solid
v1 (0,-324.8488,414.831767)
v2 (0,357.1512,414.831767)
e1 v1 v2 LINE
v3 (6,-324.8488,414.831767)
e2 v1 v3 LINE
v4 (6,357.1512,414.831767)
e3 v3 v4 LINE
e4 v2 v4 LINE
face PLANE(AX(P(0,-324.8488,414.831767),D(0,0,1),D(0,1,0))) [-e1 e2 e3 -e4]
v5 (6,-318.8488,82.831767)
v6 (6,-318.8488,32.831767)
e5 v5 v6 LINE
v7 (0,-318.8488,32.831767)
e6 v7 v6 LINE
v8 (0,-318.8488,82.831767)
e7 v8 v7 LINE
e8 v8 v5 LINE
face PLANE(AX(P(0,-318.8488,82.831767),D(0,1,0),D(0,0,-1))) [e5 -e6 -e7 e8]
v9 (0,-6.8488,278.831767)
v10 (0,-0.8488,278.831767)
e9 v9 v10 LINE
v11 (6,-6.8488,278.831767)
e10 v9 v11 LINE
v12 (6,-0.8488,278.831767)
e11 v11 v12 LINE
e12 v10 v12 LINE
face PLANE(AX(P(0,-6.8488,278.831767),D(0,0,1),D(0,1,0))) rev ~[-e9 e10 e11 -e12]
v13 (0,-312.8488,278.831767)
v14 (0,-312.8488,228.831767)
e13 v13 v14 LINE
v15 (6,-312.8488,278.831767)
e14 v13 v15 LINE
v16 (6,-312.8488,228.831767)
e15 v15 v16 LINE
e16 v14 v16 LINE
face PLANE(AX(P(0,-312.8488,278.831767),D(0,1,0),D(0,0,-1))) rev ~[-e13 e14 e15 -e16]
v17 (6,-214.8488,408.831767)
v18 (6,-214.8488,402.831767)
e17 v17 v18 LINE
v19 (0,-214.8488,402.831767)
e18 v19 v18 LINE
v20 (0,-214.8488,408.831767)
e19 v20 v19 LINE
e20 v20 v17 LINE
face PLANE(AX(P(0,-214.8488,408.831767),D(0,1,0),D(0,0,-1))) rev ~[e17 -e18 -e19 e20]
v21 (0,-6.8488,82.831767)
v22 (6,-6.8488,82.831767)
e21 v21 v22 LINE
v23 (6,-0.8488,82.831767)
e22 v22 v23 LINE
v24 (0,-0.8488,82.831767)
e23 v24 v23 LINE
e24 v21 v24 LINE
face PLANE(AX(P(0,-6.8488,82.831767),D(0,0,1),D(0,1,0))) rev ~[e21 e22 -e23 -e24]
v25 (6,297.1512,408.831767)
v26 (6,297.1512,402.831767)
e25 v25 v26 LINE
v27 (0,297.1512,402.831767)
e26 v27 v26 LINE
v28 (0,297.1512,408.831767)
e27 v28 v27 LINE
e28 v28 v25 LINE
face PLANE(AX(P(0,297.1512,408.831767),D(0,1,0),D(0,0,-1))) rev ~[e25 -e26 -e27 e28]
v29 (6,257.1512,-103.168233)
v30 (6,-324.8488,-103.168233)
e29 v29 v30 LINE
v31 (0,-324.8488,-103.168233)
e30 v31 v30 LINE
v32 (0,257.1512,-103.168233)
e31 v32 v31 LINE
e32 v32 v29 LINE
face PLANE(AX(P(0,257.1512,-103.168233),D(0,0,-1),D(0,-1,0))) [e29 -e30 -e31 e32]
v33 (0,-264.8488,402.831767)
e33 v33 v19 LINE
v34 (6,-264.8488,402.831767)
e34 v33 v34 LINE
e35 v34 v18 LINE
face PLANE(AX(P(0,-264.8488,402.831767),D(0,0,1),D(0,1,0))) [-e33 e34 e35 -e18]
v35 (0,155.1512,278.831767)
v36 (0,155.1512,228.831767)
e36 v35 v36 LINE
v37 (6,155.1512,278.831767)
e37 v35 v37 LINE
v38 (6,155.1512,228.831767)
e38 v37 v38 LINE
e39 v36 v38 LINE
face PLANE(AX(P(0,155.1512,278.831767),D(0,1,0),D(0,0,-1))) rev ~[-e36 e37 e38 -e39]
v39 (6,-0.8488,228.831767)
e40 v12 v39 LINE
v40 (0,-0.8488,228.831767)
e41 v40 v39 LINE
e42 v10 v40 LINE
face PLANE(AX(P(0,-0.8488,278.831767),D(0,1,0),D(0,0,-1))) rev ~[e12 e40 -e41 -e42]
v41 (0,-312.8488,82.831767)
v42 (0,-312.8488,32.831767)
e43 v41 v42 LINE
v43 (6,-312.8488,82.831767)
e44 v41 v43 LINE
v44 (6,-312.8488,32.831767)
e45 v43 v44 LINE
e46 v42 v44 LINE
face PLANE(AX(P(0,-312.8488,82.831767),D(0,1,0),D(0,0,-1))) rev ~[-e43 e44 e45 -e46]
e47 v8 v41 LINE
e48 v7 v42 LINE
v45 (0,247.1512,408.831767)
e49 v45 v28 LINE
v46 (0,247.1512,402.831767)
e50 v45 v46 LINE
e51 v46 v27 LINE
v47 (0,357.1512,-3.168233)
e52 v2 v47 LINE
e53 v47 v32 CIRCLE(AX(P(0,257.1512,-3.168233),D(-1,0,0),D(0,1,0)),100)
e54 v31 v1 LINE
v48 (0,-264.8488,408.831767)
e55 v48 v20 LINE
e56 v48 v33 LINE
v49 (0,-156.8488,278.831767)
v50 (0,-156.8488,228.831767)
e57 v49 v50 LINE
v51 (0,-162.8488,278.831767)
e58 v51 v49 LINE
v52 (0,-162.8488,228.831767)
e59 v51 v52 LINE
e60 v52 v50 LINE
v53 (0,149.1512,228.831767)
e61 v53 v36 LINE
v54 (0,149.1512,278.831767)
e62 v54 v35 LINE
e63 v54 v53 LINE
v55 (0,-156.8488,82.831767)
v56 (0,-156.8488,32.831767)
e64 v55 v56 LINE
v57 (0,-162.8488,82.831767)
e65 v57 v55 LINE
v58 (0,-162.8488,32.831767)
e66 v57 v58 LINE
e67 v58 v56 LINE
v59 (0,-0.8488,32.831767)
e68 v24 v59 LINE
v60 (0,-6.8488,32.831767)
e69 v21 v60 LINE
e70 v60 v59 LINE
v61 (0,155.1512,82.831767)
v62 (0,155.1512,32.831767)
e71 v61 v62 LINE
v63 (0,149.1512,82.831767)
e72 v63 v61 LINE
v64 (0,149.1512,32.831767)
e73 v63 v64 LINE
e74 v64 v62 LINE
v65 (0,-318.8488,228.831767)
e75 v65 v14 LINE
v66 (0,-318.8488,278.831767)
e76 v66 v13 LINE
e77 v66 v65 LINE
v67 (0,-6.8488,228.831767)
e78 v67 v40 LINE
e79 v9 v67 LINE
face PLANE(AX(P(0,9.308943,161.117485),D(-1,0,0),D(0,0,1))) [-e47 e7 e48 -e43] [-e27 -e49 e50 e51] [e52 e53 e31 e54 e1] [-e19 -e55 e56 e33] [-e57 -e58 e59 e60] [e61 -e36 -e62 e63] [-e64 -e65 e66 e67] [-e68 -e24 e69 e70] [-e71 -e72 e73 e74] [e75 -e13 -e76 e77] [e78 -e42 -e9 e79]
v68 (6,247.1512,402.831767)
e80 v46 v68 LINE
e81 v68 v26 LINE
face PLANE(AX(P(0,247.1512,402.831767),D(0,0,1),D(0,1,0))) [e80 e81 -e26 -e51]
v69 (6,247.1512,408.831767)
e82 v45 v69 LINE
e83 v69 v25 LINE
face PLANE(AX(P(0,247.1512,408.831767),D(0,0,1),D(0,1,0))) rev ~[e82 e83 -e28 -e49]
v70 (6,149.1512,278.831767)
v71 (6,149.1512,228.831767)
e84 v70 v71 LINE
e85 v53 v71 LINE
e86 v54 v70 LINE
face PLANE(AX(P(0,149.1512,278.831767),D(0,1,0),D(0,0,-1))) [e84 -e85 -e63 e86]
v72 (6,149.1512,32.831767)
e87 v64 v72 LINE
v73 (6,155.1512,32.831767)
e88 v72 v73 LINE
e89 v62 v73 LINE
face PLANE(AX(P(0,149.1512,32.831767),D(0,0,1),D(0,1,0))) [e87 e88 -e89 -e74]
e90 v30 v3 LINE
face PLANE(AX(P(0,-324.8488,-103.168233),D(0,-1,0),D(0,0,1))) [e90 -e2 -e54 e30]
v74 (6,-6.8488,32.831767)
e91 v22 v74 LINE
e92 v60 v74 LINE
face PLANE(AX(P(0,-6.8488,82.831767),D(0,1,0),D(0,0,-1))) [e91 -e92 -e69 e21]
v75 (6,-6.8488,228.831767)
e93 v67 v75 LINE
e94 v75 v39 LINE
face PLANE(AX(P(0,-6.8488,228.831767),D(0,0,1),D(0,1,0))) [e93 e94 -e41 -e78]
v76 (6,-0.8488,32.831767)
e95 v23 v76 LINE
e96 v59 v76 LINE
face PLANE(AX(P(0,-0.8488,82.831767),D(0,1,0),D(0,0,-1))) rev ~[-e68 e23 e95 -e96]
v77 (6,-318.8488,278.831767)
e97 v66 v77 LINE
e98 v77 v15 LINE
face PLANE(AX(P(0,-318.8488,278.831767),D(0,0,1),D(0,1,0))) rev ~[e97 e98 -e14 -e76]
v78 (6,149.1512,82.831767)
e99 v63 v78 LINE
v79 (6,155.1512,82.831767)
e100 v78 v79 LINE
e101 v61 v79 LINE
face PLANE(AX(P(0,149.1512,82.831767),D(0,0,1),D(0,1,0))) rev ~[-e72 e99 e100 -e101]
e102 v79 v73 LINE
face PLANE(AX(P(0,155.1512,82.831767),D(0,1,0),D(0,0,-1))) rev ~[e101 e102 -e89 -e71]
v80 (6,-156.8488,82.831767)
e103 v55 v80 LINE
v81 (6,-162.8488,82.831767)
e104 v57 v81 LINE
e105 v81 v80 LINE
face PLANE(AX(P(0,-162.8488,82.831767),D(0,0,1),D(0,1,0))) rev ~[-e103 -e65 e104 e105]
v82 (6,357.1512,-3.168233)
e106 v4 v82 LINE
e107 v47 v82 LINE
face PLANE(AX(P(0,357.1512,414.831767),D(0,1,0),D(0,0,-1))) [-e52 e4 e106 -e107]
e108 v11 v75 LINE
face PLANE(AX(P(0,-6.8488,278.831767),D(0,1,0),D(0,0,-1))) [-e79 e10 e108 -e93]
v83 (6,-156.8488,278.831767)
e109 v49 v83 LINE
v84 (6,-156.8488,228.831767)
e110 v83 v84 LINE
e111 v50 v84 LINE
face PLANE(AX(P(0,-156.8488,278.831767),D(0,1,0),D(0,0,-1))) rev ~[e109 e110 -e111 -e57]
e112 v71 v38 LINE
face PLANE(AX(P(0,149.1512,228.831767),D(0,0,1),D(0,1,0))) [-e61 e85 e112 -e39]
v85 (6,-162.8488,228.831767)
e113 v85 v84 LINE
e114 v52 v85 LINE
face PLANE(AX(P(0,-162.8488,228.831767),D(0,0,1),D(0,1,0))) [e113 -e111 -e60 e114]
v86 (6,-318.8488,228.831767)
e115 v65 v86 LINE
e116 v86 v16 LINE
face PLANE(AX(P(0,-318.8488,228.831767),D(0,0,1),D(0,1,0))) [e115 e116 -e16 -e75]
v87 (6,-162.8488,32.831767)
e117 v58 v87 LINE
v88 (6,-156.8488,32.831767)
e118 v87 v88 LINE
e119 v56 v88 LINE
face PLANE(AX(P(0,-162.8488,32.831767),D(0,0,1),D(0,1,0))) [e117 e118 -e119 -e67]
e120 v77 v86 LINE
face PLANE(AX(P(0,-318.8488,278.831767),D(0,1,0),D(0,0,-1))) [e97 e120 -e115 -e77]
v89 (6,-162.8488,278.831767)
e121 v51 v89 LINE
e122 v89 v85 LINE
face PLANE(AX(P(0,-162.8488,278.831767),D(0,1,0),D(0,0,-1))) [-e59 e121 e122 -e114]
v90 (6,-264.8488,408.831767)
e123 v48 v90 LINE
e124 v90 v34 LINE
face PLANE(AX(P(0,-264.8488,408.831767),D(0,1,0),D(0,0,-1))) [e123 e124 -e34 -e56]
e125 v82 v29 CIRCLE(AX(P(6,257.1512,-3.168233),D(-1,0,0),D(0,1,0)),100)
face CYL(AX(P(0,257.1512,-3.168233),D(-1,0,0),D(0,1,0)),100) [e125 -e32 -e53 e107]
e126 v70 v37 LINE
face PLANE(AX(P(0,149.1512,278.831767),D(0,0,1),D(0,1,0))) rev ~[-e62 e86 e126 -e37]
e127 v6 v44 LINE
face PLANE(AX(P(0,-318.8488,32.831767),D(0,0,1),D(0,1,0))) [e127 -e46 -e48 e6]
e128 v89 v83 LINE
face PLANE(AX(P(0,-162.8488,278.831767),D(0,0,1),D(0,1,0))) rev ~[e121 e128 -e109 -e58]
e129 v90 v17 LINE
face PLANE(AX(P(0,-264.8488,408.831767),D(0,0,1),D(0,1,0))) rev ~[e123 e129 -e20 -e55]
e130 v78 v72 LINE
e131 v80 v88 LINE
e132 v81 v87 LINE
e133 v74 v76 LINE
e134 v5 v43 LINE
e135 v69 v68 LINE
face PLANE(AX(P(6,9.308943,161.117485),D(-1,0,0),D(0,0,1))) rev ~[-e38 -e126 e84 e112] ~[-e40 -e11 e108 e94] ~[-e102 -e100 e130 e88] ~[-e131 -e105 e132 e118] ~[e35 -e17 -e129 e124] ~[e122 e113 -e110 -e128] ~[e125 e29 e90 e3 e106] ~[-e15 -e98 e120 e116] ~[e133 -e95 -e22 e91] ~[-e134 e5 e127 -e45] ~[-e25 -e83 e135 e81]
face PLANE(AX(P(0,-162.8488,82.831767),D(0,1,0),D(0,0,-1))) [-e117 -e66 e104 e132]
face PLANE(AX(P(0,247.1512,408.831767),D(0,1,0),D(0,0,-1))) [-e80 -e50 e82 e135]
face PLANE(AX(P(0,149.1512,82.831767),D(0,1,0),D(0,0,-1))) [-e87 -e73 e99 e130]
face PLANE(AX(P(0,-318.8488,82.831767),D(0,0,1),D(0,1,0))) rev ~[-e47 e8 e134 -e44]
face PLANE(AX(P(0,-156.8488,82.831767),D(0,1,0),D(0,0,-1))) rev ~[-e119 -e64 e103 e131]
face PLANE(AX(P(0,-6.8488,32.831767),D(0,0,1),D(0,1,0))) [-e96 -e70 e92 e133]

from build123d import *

# Parameters (mm, degrees)
SKETCH1_W           = 6
SKETCH1_H           = 50
SKETCH1_W_2         = 50
SKETCH1_H_2         = 6
BOSS_EXTRUDE1_DEPTH = 6


with BuildPart() as part:
    # Sketch1 → Boss-Extrude1 (new body)
    with BuildSketch(Plane(origin=(0, 0, 0), x_dir=(0, 0, -1), z_dir=(1, 0, 0))):
        with BuildLine():
            Line((-414.831767264, 357.151199882), (3.168232736, 357.151199882))
            ThreePointArc((3.168232736, 357.151199882), (73.878910855, 327.861878001), (103.168232736, 257.151199882))
            Line((103.168232736, 257.151199882), (103.168232736, -324.848800118))
            Line((103.168232736, -324.848800118), (-414.831767264, -324.848800118))
            Line((-414.831767264, -324.848800118), (-414.831767264, 357.151199882))
        make_face()
        with Locations((-405.831767264, 272.151199882)):
            Rectangle(SKETCH1_W, SKETCH1_H, mode=Mode.SUBTRACT)
        with Locations((-253.831767264, -315.848800118)):
            Rectangle(SKETCH1_W_2, SKETCH1_H_2, mode=Mode.SUBTRACT)
        with Locations((-57.831767264, -315.848800118)):
            Rectangle(SKETCH1_W_2, SKETCH1_H_2, mode=Mode.SUBTRACT)
        with Locations((-253.831767264, -159.848800118)):
            Rectangle(SKETCH1_W_2, SKETCH1_H_2, mode=Mode.SUBTRACT)
        with Locations((-57.831767264, -159.848800118)):
            Rectangle(SKETCH1_W_2, SKETCH1_H_2, mode=Mode.SUBTRACT)
        with Locations((-253.831767264, -3.848800118)):
            Rectangle(SKETCH1_W_2, SKETCH1_H_2, mode=Mode.SUBTRACT)
        with Locations((-57.831767264, -3.848800118)):
            Rectangle(SKETCH1_W_2, SKETCH1_H_2, mode=Mode.SUBTRACT)
        with Locations((-253.831767264, 152.151199882)):
            Rectangle(SKETCH1_W_2, SKETCH1_H_2, mode=Mode.SUBTRACT)
        with Locations((-57.831767264, 152.151199882)):
            Rectangle(SKETCH1_W_2, SKETCH1_H_2, mode=Mode.SUBTRACT)
        with Locations((-405.831767264, -239.848800118)):
            Rectangle(SKETCH1_W, SKETCH1_H, mode=Mode.SUBTRACT)
    extrude(amount=BOSS_EXTRUDE1_DEPTH)


solid = part.part
